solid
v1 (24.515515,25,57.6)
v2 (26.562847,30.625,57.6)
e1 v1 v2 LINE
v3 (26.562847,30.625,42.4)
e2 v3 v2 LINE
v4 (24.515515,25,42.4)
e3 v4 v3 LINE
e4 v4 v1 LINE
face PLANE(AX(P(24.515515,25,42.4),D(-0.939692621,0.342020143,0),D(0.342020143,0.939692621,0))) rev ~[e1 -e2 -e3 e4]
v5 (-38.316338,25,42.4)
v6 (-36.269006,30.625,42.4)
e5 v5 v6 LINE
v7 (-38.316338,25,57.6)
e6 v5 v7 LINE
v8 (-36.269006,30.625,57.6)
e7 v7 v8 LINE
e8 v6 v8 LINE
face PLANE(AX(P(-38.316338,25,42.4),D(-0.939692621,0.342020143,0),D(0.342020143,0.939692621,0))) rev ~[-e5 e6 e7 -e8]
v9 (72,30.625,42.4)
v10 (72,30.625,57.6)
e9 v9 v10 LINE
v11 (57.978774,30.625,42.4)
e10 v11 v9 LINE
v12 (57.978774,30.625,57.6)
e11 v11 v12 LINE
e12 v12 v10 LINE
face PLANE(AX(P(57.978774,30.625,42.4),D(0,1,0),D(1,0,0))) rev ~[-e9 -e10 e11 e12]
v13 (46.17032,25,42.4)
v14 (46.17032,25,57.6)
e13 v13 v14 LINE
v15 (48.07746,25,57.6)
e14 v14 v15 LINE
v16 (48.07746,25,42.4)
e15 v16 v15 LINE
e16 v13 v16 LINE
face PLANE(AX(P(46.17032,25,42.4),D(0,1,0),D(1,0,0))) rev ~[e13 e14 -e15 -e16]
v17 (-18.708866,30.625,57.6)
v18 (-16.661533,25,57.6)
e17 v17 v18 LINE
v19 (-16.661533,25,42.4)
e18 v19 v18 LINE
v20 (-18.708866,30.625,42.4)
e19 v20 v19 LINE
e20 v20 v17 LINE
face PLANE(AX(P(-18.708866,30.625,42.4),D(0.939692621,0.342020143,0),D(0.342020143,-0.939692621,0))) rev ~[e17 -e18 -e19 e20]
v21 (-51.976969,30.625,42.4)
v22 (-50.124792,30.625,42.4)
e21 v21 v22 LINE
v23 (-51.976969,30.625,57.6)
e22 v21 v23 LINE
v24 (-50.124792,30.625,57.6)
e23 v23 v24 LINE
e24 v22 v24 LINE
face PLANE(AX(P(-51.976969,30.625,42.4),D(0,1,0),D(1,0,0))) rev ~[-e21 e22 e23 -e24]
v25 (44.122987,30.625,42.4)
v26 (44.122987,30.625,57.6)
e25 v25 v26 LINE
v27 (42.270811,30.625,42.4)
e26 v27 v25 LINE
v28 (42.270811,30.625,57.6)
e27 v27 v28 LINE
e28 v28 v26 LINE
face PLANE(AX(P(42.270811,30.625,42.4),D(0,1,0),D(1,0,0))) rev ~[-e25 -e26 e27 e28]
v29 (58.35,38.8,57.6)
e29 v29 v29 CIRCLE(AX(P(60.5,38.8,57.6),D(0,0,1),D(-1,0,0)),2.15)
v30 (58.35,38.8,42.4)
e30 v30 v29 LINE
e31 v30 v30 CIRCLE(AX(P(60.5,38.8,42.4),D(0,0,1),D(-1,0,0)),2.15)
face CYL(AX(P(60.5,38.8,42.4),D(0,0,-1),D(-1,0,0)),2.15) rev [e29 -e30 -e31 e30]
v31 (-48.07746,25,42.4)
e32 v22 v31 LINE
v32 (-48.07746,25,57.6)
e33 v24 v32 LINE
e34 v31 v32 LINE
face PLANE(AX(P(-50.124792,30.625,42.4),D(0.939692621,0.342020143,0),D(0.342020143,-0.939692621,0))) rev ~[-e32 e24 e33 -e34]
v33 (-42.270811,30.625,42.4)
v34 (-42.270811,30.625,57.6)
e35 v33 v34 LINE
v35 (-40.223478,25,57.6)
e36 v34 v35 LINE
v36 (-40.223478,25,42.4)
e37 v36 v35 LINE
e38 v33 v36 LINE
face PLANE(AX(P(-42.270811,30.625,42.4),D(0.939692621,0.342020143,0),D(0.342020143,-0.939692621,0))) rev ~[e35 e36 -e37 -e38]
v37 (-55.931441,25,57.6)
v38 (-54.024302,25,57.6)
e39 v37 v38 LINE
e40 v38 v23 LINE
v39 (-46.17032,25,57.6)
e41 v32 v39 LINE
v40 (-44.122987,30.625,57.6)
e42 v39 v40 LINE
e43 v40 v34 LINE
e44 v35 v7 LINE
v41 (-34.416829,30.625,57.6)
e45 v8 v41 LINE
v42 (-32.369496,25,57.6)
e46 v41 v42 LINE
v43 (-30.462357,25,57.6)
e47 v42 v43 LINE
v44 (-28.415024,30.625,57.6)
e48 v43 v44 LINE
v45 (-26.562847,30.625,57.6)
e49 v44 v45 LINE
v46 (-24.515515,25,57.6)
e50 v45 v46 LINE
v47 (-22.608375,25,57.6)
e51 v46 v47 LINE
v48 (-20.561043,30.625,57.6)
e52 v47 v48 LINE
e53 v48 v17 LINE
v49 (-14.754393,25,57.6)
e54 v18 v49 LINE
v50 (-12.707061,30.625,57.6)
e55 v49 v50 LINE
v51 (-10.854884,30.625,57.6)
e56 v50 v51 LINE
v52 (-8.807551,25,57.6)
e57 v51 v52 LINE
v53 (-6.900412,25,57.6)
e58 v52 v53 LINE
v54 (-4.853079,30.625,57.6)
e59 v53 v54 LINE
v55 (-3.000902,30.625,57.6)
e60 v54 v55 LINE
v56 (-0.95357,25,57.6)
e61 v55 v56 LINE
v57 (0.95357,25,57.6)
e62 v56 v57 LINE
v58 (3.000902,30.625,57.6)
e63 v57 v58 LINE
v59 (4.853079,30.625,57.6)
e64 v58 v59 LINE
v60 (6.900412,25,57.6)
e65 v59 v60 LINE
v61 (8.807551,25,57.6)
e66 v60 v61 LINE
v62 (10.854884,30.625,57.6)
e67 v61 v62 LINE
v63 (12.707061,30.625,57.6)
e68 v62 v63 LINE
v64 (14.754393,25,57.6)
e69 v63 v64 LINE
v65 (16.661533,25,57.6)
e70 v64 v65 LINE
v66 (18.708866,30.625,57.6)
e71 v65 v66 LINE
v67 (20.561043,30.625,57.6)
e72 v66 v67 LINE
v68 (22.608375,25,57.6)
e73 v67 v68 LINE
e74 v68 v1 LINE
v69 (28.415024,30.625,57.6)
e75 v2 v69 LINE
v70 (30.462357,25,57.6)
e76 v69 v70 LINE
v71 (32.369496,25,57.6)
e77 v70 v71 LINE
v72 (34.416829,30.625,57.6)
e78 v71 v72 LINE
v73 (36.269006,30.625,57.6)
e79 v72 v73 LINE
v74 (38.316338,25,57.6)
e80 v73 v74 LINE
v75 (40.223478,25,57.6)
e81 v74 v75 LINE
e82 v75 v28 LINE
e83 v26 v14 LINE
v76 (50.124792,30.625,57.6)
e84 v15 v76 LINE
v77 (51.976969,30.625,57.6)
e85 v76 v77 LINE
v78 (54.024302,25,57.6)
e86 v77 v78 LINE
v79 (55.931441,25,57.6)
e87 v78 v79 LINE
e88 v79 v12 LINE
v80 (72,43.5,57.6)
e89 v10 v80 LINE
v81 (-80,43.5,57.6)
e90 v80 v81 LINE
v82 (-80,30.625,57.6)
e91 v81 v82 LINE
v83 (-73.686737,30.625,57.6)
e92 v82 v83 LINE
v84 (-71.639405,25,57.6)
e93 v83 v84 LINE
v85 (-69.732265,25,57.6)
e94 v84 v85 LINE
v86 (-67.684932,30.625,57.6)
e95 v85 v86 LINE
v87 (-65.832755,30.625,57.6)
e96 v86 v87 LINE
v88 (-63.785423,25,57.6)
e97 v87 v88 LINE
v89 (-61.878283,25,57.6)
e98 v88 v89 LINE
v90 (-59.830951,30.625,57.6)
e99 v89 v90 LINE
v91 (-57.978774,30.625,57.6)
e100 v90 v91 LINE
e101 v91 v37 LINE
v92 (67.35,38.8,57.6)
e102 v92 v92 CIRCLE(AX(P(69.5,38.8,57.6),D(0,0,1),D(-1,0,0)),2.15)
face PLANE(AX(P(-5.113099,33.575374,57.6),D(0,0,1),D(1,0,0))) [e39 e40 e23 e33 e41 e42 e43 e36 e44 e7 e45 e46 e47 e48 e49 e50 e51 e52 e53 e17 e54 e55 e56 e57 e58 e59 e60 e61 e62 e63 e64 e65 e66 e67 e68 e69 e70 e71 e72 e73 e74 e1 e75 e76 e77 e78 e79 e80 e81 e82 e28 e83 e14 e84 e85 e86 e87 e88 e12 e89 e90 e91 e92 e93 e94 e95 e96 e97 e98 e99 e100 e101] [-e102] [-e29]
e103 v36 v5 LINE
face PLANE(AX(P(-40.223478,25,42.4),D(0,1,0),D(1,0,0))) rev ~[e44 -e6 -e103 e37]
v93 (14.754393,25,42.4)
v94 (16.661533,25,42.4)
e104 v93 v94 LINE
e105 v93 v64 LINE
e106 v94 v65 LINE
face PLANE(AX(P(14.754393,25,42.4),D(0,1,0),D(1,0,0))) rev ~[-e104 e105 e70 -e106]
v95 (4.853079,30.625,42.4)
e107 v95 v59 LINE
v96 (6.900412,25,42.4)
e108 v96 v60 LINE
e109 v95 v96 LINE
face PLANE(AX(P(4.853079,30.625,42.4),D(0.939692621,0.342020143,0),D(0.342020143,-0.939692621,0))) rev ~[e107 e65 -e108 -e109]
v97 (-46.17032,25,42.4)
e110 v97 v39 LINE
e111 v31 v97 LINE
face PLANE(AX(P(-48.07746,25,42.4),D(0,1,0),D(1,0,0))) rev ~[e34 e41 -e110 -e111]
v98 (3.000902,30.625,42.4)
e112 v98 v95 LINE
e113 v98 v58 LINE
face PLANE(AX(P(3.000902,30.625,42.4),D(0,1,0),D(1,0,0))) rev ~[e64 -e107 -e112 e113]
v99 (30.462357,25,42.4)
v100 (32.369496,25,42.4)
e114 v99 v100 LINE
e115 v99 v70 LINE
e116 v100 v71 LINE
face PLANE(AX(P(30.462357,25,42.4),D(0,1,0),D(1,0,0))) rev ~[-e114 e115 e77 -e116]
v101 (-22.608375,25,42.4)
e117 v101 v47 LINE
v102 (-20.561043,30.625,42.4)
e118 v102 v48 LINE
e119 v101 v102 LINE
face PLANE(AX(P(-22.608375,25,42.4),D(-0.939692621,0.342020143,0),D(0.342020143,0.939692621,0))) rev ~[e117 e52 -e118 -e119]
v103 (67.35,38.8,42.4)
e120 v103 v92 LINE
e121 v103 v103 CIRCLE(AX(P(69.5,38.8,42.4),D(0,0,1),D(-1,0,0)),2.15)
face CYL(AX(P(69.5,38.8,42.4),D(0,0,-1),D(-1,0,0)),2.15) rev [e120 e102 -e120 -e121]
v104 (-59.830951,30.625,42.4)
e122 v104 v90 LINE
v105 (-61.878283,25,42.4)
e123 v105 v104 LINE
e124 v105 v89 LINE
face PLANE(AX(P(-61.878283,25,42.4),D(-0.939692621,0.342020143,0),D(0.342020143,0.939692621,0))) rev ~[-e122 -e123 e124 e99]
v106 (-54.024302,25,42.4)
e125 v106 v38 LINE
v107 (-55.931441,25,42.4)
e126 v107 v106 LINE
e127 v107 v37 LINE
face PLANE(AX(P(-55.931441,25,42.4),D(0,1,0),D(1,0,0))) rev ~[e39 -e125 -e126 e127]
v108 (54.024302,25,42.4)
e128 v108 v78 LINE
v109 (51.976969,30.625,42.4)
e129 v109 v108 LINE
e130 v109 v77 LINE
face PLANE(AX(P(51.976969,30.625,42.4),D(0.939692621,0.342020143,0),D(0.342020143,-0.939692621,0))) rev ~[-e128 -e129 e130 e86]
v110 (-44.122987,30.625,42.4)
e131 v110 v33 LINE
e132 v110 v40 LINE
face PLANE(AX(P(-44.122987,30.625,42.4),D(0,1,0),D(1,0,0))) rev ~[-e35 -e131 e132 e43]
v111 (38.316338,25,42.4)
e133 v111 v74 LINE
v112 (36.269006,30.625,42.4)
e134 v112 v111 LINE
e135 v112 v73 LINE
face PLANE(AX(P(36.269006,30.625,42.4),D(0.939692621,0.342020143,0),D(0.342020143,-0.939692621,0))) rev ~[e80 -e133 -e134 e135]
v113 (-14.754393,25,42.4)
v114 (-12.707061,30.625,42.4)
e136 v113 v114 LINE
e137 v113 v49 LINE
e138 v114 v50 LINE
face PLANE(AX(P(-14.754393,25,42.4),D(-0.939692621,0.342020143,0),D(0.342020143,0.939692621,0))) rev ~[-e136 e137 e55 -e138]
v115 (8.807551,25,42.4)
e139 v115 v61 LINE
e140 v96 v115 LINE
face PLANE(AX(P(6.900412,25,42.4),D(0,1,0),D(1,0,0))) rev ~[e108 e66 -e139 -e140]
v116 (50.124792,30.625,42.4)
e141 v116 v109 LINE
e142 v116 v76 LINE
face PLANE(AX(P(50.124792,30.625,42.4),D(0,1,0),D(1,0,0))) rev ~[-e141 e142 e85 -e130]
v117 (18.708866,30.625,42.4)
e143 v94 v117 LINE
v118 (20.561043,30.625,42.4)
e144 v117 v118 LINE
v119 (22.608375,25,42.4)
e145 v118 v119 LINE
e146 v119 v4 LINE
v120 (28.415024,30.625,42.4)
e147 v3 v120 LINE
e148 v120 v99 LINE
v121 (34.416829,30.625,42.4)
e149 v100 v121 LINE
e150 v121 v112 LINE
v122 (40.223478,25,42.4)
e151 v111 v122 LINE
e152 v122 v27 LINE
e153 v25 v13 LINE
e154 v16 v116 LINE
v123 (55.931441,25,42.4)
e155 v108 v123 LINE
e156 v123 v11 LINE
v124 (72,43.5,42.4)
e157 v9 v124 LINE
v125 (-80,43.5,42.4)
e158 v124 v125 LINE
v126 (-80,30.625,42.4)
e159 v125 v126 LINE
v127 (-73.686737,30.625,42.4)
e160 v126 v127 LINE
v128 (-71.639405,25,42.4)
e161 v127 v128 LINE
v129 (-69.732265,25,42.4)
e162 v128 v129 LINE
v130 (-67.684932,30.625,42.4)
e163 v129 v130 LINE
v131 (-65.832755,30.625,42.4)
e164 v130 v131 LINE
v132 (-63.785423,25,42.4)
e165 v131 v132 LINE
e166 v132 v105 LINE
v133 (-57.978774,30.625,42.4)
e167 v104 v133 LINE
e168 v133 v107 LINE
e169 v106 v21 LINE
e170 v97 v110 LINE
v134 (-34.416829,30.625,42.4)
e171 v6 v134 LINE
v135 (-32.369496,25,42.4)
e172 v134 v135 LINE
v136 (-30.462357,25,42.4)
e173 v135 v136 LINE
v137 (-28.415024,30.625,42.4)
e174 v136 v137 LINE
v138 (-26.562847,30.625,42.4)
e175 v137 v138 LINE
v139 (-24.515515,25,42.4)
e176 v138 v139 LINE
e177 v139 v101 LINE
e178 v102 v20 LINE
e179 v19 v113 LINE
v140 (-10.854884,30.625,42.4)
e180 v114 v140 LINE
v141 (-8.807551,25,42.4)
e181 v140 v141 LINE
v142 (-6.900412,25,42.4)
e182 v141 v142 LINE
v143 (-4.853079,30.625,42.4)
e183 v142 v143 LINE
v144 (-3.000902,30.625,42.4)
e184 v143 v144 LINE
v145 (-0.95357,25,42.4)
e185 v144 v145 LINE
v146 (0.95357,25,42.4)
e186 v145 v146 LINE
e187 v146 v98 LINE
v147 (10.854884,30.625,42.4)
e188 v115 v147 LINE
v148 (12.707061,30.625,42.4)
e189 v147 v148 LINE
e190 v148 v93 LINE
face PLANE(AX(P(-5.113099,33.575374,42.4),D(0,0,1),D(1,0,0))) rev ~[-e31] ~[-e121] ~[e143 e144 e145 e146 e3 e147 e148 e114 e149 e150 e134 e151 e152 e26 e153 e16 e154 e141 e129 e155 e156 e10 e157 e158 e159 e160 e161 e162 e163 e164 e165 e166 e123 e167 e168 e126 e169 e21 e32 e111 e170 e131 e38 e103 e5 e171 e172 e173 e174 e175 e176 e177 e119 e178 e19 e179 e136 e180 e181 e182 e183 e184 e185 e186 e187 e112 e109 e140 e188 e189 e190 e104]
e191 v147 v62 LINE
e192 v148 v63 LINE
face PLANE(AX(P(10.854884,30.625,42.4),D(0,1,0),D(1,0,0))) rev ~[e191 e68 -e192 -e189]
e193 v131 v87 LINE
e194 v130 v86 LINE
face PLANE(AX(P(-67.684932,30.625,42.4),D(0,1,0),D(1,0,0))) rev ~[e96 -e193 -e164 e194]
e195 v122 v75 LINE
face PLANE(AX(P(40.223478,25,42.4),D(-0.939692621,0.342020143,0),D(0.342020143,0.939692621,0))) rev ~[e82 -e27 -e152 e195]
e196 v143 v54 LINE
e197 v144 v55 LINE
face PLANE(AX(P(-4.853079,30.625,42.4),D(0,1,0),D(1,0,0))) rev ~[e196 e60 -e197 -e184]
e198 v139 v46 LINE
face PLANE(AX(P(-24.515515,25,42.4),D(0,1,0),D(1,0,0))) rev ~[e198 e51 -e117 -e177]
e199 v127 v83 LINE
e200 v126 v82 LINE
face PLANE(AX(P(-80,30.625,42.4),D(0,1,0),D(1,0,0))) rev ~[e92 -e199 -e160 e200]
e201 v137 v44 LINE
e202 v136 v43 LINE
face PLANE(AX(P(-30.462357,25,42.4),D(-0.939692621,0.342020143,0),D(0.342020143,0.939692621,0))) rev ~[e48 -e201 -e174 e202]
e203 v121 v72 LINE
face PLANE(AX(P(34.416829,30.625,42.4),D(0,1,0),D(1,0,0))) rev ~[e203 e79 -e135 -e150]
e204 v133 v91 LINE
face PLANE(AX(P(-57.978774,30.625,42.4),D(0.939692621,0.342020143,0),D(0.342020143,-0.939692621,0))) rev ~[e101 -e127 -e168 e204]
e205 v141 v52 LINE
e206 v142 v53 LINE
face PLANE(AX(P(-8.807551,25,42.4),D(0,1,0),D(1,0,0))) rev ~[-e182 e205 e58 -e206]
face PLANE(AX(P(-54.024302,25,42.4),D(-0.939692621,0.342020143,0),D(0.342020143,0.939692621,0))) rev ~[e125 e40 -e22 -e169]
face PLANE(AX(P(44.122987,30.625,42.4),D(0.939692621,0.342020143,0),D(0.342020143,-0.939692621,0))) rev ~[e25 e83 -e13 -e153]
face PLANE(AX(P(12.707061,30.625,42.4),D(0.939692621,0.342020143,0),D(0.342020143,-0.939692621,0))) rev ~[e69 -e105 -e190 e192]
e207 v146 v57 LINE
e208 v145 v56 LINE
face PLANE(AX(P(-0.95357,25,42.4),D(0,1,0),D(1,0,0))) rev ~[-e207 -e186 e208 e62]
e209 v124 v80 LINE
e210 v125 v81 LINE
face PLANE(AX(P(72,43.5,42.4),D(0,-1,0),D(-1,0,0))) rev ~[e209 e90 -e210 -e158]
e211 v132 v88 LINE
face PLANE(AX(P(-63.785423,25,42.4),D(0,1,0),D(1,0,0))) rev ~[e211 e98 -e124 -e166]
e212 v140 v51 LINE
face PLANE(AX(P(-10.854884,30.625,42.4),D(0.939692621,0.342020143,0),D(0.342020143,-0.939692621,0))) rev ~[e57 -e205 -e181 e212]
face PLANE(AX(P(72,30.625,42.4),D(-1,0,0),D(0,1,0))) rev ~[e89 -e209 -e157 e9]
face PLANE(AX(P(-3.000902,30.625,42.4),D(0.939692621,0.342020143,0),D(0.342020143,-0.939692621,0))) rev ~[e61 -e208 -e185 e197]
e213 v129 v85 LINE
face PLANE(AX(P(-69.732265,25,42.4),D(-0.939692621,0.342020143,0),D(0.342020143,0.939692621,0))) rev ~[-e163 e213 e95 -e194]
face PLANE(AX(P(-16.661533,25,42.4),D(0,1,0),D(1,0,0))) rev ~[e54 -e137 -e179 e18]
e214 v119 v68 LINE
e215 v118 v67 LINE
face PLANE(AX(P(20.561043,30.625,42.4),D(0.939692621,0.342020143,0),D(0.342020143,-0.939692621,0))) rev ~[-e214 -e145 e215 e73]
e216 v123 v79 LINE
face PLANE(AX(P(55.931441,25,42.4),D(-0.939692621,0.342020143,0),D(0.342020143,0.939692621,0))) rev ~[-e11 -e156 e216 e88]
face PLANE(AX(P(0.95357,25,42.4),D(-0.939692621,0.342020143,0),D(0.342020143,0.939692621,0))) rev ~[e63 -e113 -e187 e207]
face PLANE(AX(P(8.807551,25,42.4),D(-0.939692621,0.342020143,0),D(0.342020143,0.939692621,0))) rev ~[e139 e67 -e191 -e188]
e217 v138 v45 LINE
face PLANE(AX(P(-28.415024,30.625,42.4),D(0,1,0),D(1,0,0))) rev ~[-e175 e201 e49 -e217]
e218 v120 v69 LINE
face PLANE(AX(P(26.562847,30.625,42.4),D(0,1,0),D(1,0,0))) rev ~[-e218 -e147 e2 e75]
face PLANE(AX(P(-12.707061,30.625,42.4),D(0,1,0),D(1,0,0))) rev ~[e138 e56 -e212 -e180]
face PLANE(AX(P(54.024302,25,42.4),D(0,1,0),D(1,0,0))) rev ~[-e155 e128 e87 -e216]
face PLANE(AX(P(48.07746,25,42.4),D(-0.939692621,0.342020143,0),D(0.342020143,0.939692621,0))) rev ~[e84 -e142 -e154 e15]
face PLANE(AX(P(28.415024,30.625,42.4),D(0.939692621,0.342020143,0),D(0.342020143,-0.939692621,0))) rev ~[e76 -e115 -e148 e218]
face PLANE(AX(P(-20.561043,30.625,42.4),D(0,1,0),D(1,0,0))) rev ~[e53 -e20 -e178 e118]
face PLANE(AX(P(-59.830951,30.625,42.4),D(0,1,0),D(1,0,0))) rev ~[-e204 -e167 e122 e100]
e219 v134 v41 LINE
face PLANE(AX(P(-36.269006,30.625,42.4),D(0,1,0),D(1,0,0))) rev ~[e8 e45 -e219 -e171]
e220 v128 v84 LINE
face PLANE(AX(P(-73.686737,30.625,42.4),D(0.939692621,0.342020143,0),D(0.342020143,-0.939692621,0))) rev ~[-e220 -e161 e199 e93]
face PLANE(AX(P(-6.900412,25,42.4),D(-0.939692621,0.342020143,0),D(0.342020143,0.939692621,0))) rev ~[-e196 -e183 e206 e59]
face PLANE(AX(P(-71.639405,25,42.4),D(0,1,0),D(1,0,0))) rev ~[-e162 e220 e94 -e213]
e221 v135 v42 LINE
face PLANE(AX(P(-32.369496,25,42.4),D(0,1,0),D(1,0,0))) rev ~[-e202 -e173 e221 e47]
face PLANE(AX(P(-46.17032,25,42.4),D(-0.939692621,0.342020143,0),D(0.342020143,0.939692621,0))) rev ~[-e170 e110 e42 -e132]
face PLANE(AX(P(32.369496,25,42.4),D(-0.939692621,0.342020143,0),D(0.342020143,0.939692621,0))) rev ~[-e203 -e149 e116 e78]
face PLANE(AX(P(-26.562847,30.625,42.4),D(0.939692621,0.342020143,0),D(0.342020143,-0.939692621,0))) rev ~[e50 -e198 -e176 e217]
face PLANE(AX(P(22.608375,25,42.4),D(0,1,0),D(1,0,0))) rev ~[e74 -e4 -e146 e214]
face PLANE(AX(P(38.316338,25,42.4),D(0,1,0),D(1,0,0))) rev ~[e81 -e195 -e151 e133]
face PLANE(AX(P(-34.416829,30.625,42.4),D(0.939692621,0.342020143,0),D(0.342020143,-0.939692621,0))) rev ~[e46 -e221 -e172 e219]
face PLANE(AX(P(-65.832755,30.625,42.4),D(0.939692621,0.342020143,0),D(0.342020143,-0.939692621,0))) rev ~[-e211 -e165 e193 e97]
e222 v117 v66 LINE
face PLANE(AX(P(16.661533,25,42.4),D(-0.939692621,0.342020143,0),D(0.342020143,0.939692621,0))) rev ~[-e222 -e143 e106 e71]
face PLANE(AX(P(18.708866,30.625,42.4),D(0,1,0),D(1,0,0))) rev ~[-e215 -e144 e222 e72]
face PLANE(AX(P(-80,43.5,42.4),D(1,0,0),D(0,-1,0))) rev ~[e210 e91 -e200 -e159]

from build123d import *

# Parameters (mm, degrees)
F_17_START                                     = 42.4
F_17_RACK_TEETH_MODULE_2_5_AND_20_DEGREE_DEPTH = 15.2
TWO_START                                      = 42.4
SKETCH2_R                                      = 2.15
TWO_CROSSHEAD_JOINT_THROUGH_HOLES_DEPTH        = 15.2


with BuildPart() as part:
    # Sketch1 → 17 rack teeth - module 2.5 and 20 degrees (new body)
    with BuildSketch(Plane.XY.offset(F_17_START)):
        Polygon((-80, 43.5), (-80, 30.625), (-73.686737096, 30.625), (-71.639404529, 25), (-69.732264883, 25), (-67.684932315, 30.625), (-65.832755462, 30.625), (-63.785422895, 25), (-61.878283249, 25), (-59.830950681, 30.625), (-57.978773828, 30.625), (-55.931441261, 25), (-54.024301615, 25), (-51.976969047, 30.625), (-50.124792194, 30.625), (-48.077459627, 25), (-46.170319981, 25), (-44.122987413, 30.625), (-42.27081056, 30.625), (-40.223477993, 25), (-38.316338347, 25), (-36.269005779, 30.625), (-34.416828926, 30.625), (-32.369496359, 25), (-30.462356713, 25), (-28.415024145, 30.625), (-26.562847292, 30.625), (-24.515514725, 25), (-22.608375079, 25), (-20.561042511, 30.625), (-18.708865659, 30.625), (-16.661533091, 25), (-14.754393445, 25), (-12.707060877, 30.625), (-10.854884025, 30.625), (-8.807551457, 25), (-6.900411811, 25), (-4.853079243, 30.625), (-3.000902391, 30.625), (-0.953569823, 25), (0.953569823, 25), (3.000902391, 30.625), (4.853079243, 30.625), (6.900411811, 25), (8.807551457, 25), (10.854884025, 30.625), (12.707060877, 30.625), (14.754393445, 25), (16.661533091, 25), (18.708865659, 30.625), (20.561042511, 30.625), (22.608375079, 25), (24.515514725, 25), (26.562847292, 30.625), (28.415024145, 30.625), (30.462356713, 25), (32.369496359, 25), (34.416828926, 30.625), (36.269005779, 30.625), (38.316338347, 25), (40.223477993, 25), (42.27081056, 30.625), (44.122987413, 30.625), (46.170319981, 25), (48.077459627, 25), (50.124792194, 30.625), (51.976969047, 30.625), (54.024301615, 25), (55.931441261, 25), (57.978773828, 30.625), (72, 30.625), (72, 43.5), align=None)
    extrude(amount=F_17_RACK_TEETH_MODULE_2_5_AND_20_DEGREE_DEPTH)

    # Sketch2 → Two crosshead joint through holes (cut)
    with BuildSketch(Plane.XY.offset(TWO_START)):
        with Locations(Location((60.5, 38.8, 0), (0, 0, 180))):
            Circle(SKETCH2_R)
        with Locations(Location((69.5, 38.8, 0), (0, 0, 180))):
            Circle(SKETCH2_R)
    extrude(amount=TWO_CROSSHEAD_JOINT_THROUGH_HOLES_DEPTH, mode=Mode.SUBTRACT)


solid = part.part
